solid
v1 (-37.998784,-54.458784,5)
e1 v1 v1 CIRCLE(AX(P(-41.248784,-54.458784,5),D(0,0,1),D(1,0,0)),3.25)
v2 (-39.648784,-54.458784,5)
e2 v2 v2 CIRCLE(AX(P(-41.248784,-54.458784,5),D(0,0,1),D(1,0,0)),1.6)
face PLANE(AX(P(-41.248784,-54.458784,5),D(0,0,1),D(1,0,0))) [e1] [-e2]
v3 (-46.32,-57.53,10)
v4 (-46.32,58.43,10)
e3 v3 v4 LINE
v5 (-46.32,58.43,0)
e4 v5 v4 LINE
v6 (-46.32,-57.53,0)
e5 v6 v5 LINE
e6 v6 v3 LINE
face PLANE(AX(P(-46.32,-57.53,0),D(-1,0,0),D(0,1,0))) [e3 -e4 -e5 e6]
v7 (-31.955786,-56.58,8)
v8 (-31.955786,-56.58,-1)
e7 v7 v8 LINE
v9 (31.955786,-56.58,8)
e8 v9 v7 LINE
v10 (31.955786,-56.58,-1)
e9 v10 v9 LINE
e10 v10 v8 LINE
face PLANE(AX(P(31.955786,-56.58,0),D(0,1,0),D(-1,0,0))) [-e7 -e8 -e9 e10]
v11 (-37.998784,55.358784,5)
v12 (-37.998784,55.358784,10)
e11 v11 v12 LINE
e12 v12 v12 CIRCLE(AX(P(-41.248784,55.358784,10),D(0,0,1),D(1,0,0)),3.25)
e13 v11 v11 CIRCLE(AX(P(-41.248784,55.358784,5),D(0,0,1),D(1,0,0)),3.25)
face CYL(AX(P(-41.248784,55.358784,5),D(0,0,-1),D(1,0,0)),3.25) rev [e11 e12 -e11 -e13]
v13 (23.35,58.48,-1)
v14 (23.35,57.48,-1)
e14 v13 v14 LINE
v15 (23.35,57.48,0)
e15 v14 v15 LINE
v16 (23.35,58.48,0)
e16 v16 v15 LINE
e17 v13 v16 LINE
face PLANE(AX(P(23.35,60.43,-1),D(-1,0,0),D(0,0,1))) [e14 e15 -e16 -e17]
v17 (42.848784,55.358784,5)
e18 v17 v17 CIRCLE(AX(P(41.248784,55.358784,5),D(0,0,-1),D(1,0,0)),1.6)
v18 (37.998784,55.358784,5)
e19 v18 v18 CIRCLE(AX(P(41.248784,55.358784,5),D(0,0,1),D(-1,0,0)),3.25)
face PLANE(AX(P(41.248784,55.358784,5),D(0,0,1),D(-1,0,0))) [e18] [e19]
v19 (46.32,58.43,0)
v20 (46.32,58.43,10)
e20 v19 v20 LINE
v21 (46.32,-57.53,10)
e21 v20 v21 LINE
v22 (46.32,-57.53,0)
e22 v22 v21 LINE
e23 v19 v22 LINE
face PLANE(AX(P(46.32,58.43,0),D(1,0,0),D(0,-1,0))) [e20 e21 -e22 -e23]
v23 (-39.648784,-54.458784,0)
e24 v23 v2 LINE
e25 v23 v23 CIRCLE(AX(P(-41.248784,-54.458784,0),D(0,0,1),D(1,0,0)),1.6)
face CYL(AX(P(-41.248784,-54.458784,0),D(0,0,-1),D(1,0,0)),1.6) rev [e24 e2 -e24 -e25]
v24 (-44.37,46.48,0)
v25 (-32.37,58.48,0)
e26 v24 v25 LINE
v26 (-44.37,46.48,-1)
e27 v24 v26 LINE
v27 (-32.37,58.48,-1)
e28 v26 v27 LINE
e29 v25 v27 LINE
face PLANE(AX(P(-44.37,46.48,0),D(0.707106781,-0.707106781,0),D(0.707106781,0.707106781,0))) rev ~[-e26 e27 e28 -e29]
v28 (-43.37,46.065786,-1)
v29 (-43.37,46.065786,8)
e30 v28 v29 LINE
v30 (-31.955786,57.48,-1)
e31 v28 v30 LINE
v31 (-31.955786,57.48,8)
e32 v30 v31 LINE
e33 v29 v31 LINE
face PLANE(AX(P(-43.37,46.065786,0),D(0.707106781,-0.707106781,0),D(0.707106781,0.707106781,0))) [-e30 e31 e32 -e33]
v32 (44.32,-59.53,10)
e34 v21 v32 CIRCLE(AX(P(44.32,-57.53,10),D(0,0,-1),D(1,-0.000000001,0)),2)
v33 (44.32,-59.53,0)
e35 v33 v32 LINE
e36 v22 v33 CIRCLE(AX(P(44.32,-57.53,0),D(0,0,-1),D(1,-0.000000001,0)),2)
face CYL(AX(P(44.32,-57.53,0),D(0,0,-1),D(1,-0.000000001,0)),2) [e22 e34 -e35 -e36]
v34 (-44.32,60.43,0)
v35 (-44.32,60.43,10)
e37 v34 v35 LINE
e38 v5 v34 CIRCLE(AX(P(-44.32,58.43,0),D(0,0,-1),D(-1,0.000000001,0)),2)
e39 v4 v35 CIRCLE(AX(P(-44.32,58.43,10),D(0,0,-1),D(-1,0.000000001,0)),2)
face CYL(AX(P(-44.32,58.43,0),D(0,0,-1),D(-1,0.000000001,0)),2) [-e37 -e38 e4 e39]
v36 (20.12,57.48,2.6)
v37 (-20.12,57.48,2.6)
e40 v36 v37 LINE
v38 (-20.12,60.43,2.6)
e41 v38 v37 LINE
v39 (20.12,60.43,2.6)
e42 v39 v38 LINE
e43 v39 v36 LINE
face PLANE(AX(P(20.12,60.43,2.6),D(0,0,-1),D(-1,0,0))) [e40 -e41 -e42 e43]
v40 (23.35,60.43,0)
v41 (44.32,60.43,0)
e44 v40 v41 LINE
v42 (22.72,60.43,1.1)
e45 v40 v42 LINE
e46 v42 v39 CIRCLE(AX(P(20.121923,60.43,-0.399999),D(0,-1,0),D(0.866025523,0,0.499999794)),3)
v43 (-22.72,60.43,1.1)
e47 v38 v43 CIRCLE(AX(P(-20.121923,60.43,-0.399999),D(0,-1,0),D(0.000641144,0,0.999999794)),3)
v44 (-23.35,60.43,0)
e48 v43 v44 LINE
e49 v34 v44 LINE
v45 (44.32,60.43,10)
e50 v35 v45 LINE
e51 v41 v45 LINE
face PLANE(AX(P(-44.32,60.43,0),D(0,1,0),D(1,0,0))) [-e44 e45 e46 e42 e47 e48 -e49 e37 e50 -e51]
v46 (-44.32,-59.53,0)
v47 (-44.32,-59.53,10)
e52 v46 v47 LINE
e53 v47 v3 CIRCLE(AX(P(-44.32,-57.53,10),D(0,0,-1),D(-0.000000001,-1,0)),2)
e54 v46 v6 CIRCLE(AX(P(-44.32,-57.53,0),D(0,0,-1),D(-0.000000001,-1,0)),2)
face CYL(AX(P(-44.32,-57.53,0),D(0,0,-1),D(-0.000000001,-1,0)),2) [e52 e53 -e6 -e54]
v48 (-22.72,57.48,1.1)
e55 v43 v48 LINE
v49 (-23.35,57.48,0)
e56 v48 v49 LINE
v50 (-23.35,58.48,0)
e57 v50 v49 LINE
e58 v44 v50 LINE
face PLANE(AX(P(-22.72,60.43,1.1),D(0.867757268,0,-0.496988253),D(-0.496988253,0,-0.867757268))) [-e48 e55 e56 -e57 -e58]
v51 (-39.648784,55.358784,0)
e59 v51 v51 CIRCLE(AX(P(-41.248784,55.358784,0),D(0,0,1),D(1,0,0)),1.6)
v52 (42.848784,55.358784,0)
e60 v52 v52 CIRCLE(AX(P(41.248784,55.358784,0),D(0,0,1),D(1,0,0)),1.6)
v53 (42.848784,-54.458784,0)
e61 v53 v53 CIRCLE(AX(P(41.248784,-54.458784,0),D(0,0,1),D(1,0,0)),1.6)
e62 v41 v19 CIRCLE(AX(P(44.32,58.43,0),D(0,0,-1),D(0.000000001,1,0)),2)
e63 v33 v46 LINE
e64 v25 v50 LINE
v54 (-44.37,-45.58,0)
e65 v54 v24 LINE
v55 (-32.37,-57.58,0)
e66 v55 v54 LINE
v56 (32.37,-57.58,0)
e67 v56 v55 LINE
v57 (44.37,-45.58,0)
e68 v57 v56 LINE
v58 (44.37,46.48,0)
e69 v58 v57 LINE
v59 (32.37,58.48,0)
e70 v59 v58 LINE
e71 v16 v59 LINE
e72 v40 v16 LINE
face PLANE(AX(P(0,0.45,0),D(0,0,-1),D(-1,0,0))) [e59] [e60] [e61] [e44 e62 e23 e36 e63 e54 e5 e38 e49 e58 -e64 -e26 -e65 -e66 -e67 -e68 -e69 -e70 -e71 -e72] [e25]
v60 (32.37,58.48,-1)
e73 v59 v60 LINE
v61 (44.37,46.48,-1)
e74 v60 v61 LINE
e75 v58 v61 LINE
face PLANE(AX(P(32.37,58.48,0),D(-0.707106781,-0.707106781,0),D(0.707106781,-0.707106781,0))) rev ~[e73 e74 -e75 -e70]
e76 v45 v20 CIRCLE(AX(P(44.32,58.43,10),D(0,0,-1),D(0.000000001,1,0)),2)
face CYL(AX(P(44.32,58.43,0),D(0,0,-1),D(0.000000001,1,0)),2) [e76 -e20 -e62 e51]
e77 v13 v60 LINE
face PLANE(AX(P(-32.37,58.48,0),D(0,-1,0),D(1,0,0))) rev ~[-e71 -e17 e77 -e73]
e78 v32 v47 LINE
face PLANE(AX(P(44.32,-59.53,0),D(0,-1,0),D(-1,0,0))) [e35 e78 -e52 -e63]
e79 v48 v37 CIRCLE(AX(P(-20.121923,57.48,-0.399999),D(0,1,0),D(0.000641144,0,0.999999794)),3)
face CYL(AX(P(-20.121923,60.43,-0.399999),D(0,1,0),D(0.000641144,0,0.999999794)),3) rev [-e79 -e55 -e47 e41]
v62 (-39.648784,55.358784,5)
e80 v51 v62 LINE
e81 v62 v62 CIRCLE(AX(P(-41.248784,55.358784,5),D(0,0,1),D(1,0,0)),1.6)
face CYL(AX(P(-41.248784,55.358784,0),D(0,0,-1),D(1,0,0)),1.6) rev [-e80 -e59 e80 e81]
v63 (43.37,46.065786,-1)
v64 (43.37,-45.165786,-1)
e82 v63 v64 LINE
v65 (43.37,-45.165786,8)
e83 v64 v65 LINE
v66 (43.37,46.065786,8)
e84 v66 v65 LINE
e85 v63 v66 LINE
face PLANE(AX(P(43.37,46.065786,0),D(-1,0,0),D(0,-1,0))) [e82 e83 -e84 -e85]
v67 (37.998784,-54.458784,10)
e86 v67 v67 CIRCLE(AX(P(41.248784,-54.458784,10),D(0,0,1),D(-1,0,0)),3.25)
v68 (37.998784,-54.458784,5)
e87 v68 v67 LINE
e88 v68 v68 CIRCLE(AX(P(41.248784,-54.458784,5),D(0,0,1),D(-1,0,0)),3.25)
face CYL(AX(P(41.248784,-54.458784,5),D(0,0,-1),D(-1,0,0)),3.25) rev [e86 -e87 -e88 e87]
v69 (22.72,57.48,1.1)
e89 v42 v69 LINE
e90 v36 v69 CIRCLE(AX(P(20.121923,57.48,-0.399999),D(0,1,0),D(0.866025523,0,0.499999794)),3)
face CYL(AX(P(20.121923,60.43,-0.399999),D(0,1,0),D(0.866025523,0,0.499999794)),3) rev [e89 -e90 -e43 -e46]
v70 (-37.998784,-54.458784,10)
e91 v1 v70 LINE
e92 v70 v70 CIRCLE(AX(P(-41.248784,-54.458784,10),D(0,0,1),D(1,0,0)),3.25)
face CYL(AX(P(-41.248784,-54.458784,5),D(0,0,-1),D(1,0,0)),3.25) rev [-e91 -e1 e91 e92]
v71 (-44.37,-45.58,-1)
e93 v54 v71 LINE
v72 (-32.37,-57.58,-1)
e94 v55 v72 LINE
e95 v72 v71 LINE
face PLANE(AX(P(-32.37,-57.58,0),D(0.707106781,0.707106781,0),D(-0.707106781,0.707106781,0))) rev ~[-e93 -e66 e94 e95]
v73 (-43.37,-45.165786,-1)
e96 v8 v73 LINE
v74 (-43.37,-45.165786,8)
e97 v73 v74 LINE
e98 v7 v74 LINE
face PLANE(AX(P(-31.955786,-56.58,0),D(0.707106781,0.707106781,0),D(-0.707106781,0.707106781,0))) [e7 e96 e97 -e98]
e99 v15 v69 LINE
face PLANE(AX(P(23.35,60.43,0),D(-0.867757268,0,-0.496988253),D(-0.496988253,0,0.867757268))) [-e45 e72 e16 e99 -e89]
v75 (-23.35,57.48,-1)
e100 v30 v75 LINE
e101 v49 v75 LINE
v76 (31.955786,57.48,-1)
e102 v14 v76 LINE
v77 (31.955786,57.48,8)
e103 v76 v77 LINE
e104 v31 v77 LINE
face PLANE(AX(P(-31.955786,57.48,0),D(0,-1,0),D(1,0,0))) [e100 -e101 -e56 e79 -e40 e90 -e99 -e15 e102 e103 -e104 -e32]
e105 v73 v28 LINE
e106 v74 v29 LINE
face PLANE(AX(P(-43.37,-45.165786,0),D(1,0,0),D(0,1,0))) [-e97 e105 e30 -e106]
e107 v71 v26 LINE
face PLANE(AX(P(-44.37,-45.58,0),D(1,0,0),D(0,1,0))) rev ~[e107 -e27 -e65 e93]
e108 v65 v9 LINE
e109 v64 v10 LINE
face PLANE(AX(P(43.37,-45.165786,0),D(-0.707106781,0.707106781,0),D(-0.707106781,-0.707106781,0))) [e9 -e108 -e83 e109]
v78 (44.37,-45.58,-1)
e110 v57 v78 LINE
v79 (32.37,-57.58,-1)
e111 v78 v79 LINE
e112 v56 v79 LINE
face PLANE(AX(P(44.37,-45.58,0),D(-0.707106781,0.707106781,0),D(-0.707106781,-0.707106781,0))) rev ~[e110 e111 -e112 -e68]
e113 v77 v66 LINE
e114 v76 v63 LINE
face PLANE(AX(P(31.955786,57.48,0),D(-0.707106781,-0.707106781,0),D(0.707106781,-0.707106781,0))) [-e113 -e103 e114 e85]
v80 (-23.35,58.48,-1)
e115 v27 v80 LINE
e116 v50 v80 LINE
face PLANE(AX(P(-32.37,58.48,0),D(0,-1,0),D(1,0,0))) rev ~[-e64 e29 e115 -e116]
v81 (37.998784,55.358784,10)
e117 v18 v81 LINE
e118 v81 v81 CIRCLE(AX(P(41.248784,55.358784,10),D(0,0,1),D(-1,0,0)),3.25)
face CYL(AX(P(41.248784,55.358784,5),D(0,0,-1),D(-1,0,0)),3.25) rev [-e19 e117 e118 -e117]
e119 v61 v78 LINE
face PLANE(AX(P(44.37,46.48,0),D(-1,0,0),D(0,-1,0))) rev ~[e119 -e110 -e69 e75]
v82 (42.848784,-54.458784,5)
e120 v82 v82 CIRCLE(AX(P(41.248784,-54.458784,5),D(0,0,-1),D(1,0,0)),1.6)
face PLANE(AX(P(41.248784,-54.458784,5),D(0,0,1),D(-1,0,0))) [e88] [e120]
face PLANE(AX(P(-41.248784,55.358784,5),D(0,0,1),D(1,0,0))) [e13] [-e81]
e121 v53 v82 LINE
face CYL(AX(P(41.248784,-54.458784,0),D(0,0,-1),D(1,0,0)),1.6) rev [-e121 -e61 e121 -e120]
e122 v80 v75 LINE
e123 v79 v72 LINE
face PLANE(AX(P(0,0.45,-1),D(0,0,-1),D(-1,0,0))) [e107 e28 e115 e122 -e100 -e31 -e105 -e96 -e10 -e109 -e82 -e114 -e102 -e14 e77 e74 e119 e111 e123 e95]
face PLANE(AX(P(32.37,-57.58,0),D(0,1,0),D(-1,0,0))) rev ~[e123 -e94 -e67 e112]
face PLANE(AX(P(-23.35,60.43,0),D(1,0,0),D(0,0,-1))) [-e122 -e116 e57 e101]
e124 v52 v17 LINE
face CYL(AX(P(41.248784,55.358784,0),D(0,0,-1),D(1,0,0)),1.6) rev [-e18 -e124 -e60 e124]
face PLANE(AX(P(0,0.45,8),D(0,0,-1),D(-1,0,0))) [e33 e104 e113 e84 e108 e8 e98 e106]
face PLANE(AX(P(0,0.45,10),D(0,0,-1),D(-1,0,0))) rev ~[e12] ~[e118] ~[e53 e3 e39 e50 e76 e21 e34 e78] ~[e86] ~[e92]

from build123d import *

# Parameters (mm, degrees)
ESQUISSE1_R       = 1.6
WALLS_DEPTH       = 10
CENTRAGE_DEPTH    = 1
PASSAGE_CMC_REACH = 130.98
COUVERCLE_DEPTH   = 2
PASSAGE_M3_START  = -5
ESQUISSE5_R       = 3.25
ESQUISSE5_R_2     = 1.6
PASSAGE_M3_DEPTH  = 5


with BuildPart() as part:
    # Esquisse1 → Walls (new body)
    with BuildSketch(Plane.XY):
        with BuildLine():
            Line((-44.32, 60.43), (44.32, 60.43))
            ThreePointArc((44.32, 60.43), (45.734213562, 59.844213562), (46.32, 58.43))
            Line((46.32, 58.43), (46.32, -57.53))
            ThreePointArc((46.32, -57.53), (45.734213562, -58.944213562), (44.32, -59.53))
            Line((44.32, -59.53), (-44.32, -59.53))
            ThreePointArc((-44.32, -59.53), (-45.734213562, -58.944213562), (-46.32, -57.53))
            Line((-46.32, -57.53), (-46.32, 58.43))
            ThreePointArc((-46.32, 58.43), (-45.734213562, 59.844213562), (-44.32, 60.43))
        make_face()
        with Locations((-41.248784258, -54.458784258)):
            Circle(ESQUISSE1_R, mode=Mode.SUBTRACT)
        with Locations((41.248784258, -54.458784258)):
            Circle(ESQUISSE1_R, mode=Mode.SUBTRACT)
        with Locations((41.248784258, 55.358784258)):
            Circle(ESQUISSE1_R, mode=Mode.SUBTRACT)
        with Locations((-41.248784258, 55.358784258)):
            Circle(ESQUISSE1_R, mode=Mode.SUBTRACT)
        Polygon((-43.37, 46.065786438), (-31.955786438, 57.48), (31.955786438, 57.48), (43.37, 46.065786438), (43.37, -45.165786438), (31.955786438, -56.58), (-31.955786438, -56.58), (-43.37, -45.165786438), align=None, mode=Mode.SUBTRACT)
    extrude(amount=WALLS_DEPTH)

    # Esquisse1<5> → Centrage (add)
    with BuildSketch(Plane.XY):
        Polygon((-44.37, 46.48), (-32.37, 58.48), (32.37, 58.48), (44.37, 46.48), (44.37, -45.58), (32.37, -57.58), (-32.37, -57.58), (-44.37, -45.58), align=None)
        Polygon((-31.955786438, -56.58), (-43.37, -45.165786438), (-43.37, 46.065786438), (-31.955786438, 57.48), (31.955786438, 57.48), (43.37, 46.065786438), (43.37, -45.165786438), (31.955786438, -56.58), align=None, mode=Mode.SUBTRACT)
    extrude(amount=-CENTRAGE_DEPTH)

    # Esquisse2 → Passage_CMC (cut, up to next)
    with BuildSketch(Plane(origin=(0, 60.43, 0), x_dir=(1, 0, 0), z_dir=(0, 1, 0)), mode=Mode.PRIVATE) as passage_cmc_sk1:
        with BuildLine():
            Line((-23.35, 1), (23.35, 1))
            Line((23.35, 1), (23.35, 0))
            Line((23.35, 0), (22.72, -1.1))
            ThreePointArc((22.72, -1.1), (21.621090793, -2.198557375), (20.12, -2.6))
            Line((20.12, -2.6), (-20.12, -2.6))
            ThreePointArc((-20.12, -2.6), (-21.621090793, -2.198557375), (-22.72, -1.1))
            Line((-22.72, -1.1), (-23.35, 0))
            Line((-23.35, 0), (-23.35, 1))
        make_face()
    passage_cmc_tool1 = extrude(passage_cmc_sk1.sketch, amount=-PASSAGE_CMC_REACH, mode=Mode.PRIVATE) & part.part
    add(passage_cmc_tool1.solids().sort_by_distance((0, 60.43, 0.768983))[0], mode=Mode.SUBTRACT)

    # Esquisse4 → Couvercle (add)
    with BuildSketch(Plane.XY.offset(10)):
        Polygon((-43.37, -45.165786438), (-43.37, 46.065786438), (-31.955786438, 57.48), (31.955786438, 57.48), (43.37, 46.065786438), (43.37, -45.165786438), (31.955786438, -56.58), (-31.955786438, -56.58), align=None)
    extrude(amount=-COUVERCLE_DEPTH)

    # Esquisse5 → Passage_M3 (cut)
    # profile 1 of 4: a face of its own
    with BuildSketch(Plane.XY.offset(10).offset(PASSAGE_M3_START)):
        with Locations((-41.248784258, -54.458784258)):
            Circle(ESQUISSE5_R)
        with Locations((-41.248784258, -54.458784258)):
            Circle(ESQUISSE5_R_2, mode=Mode.SUBTRACT)
    # profile 2 of 4: a face of its own
    with BuildSketch(Plane.XY.offset(10).offset(PASSAGE_M3_START)):
        with Locations((-41.248784258, 55.358784258)):
            Circle(ESQUISSE5_R)
        with Locations((-41.248784258, 55.358784258)):
            Circle(ESQUISSE5_R_2, mode=Mode.SUBTRACT)
    # profile 3 of 4: a face of its own
    with BuildSketch(Plane.XY.offset(10).offset(PASSAGE_M3_START)):
        with Locations(Location((41.248784258, 55.358784258, 0), (0, 0, 180))):
            Circle(ESQUISSE5_R)
        with Locations(Location((41.248784258, 55.358784258, 0), (0, 0, 180))):
            Circle(ESQUISSE5_R_2, mode=Mode.SUBTRACT)
    # profile 4 of 4: a face of its own
    with BuildSketch(Plane.XY.offset(10).offset(PASSAGE_M3_START)):
        with Locations(Location((41.248784258, -54.458784258, 0), (0, 0, 180))):
            Circle(ESQUISSE5_R)
        with Locations(Location((41.248784258, -54.458784258, 0), (0, 0, 180))):
            Circle(ESQUISSE5_R_2, mode=Mode.SUBTRACT)
    extrude(amount=PASSAGE_M3_DEPTH, mode=Mode.SUBTRACT)


solid = part.part
